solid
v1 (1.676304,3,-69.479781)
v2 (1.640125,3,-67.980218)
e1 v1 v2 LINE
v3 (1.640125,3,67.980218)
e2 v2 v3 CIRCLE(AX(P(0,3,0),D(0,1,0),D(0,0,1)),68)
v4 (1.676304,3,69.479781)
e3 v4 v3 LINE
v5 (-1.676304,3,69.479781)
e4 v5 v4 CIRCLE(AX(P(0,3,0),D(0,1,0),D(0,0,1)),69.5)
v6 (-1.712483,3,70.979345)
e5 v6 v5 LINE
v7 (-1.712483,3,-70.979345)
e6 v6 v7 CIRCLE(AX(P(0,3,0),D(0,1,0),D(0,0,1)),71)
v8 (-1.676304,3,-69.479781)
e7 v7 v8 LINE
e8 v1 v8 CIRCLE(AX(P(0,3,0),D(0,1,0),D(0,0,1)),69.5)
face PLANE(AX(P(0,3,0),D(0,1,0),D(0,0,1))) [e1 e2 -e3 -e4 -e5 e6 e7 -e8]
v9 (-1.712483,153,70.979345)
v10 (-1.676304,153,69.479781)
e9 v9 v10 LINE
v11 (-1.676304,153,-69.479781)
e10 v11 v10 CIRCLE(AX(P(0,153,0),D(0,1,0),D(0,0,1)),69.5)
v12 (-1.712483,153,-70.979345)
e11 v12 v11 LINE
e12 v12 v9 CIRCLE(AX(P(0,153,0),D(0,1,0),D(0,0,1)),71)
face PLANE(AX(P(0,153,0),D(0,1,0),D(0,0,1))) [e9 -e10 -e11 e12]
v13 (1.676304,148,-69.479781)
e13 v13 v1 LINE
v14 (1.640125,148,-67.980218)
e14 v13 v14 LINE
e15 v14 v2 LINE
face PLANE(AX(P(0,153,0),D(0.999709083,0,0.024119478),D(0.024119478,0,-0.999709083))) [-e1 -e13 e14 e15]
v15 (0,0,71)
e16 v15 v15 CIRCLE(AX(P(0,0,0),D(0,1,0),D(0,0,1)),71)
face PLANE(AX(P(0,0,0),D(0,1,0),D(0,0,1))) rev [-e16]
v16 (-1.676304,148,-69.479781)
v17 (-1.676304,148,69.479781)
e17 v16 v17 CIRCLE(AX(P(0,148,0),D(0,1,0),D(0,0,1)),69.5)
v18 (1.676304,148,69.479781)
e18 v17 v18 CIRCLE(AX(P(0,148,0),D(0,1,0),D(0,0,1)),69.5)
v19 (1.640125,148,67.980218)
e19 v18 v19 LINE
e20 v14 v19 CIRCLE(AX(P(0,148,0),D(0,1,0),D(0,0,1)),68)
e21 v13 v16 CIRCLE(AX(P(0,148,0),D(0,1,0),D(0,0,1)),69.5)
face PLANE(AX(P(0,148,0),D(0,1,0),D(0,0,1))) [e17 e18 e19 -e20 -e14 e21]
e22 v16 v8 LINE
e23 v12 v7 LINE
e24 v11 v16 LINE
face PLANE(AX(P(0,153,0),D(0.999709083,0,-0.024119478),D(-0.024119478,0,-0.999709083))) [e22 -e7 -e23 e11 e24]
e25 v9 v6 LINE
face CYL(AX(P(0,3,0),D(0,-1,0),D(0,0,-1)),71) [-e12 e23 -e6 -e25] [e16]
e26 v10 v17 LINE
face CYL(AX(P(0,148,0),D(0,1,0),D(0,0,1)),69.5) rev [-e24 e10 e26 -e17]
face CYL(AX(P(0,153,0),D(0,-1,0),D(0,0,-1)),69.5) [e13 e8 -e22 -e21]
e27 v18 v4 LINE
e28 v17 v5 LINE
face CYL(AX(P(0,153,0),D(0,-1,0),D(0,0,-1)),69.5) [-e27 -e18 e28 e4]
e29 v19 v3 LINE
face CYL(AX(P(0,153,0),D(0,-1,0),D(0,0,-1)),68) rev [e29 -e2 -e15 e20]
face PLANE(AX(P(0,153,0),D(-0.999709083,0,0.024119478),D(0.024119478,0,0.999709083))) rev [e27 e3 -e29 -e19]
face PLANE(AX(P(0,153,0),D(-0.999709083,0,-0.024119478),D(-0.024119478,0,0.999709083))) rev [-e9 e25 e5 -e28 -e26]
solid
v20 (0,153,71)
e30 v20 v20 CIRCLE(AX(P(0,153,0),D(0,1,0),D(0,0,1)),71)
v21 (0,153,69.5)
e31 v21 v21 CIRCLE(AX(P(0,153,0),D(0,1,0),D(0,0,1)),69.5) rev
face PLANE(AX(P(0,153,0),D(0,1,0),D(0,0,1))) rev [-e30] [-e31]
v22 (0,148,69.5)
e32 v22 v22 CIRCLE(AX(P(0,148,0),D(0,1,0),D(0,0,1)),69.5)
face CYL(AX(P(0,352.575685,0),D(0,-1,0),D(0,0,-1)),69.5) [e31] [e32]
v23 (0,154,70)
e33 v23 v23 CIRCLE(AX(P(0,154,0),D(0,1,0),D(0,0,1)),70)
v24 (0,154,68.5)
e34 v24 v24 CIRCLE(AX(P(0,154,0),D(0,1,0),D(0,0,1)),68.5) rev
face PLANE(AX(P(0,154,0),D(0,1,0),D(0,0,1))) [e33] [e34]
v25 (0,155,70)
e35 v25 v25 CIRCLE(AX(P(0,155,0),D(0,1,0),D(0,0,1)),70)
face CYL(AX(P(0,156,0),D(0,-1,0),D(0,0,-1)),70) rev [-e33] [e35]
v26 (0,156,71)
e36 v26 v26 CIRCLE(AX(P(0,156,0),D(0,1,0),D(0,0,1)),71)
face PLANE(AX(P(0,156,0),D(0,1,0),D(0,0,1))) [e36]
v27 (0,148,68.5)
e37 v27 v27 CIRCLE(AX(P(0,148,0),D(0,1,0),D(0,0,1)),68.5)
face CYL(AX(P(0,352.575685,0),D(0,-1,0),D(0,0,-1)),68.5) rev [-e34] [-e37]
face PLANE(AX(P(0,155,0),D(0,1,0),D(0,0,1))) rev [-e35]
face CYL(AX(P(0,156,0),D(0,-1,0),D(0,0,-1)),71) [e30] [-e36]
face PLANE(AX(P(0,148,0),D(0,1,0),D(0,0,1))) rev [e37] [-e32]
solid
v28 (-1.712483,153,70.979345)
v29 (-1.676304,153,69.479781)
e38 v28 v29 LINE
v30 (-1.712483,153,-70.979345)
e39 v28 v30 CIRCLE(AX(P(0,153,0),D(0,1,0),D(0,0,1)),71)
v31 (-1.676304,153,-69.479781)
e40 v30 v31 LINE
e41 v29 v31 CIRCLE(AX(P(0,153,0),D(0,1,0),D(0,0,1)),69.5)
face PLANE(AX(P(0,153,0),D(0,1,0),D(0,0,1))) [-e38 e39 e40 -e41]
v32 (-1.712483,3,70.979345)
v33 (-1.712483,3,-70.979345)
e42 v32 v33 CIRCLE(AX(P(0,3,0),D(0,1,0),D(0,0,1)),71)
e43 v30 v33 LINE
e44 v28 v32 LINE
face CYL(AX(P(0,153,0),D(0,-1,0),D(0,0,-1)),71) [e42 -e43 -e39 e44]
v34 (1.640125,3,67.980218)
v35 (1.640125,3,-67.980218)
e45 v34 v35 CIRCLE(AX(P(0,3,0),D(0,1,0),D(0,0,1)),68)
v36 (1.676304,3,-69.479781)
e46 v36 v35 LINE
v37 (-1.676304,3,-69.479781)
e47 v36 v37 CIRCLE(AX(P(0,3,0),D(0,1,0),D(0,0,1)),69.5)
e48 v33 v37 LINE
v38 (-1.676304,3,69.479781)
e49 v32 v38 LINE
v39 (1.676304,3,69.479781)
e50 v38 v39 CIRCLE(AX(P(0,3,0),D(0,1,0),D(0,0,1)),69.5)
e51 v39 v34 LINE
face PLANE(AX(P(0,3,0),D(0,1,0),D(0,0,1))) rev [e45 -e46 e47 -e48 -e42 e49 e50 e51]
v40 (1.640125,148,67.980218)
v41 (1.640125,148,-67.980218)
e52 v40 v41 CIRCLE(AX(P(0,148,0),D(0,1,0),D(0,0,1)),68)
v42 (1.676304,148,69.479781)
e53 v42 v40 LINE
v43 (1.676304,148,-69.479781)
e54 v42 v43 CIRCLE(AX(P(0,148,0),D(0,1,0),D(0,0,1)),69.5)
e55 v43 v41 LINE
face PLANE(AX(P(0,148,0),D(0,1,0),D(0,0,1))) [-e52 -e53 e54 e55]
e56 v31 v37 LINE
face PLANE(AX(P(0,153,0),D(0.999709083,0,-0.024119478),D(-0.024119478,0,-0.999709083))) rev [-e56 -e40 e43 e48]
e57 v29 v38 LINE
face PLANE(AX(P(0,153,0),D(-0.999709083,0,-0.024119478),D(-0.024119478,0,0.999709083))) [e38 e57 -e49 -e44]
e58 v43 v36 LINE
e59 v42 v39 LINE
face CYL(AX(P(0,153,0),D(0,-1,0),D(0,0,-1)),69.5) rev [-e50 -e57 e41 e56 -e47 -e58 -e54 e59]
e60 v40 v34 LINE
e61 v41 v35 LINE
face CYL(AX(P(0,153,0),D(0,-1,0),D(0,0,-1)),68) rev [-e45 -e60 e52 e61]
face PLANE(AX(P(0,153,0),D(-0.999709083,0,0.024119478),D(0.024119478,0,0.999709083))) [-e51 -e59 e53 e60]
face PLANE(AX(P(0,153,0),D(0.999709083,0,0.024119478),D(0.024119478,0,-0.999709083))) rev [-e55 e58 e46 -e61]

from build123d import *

# Parameters (mm, degrees)
SKETCH_474_R        = 68
EXTRUDE_7_DEPTH     = 3
EXTRUDE_START       = 3
EXTRUDE_8_DEPTH     = 150
EXTRUDE_9_DEPTH     = 150
CUT_EXTRUDE_START   = -5
SKETCH_7_R          = 69.5
CUT_EXTRUDE_2_DEPTH = 5
SKETCH_8_R          = 71
SKETCH_8_R_2        = 69.5
EXTRUDE_11_DEPTH    = 3
EXTRUDE_START_2     = -5
EXTRUDE_14_DEPTH    = 8
SHELL_4_T           = -1


with BuildPart() as part:
    # Sketch 474 → 填料-伸長7 (new body)
    with BuildSketch(Plane(origin=(0, 0, 0), x_dir=(1, 0, 0), z_dir=(0, 1, 0))):
        Circle(SKETCH_474_R)
        with BuildLine():
            ThreePointArc((1.676303744, 69.479781273), (0, 69.5), (-1.676303744, 69.479781273))
            Line((-1.676303744, 69.479781273), (-1.712482962, 70.979344898))
            ThreePointArc((-1.712482962, 70.979344898), (-71, 0), (-1.712482962, -70.979344898))
            Line((-1.712482962, -70.979344898), (-1.676303744, -69.479781273))
            ThreePointArc((-1.676303744, -69.479781273), (0, -69.5), (1.676303744, -69.479781273))
            Line((1.676303744, -69.479781273), (1.640124527, -67.980217648))
            ThreePointArc((1.640124527, -67.980217648), (-68, 0), (1.640124527, 67.980217648))
            Line((1.640124527, 67.980217648), (1.676303744, 69.479781273))
        make_face()
        with BuildLine():
            Line((-1.712482962, 70.979344898), (-1.676303744, 69.479781273))
            ThreePointArc((-1.676303744, 69.479781273), (0, 69.5), (1.676303744, 69.479781273))
            Line((1.676303744, 69.479781273), (1.640124527, 67.980217648))
            ThreePointArc((1.640124527, 67.980217648), (48.6596777, 47.499850169), (68, 0))
            ThreePointArc((68, 0), (48.6596777, -47.499850169), (1.640124527, -67.980217648))
            Line((1.640124527, -67.980217648), (1.676303744, -69.479781273))
            ThreePointArc((1.676303744, -69.479781273), (0, -69.5), (-1.676303744, -69.479781273))
            Line((-1.676303744, -69.479781273), (-1.712482962, -70.979344898))
            ThreePointArc((-1.712482962, -70.979344898), (49.595431794, -50.806428187), (71, 0))
            ThreePointArc((71, 0), (49.595431794, 50.806428187), (-1.712482962, 70.979344898))
        make_face()
    extrude(amount=EXTRUDE_7_DEPTH)

    # 底座<9> → 填料-伸長8 (add)
    with BuildSketch(Plane(origin=(0, 0, 0), x_dir=(1, 0, 0), z_dir=(0, 1, 0)).offset(EXTRUDE_START)):
        with BuildLine():
            ThreePointArc((1.676303744, 69.479781273), (0, 69.5), (-1.676303744, 69.479781273))
            Line((-1.676303744, 69.479781273), (-1.712482962, 70.979344898))
            ThreePointArc((-1.712482962, 70.979344898), (-71, 0), (-1.712482962, -70.979344898))
            Line((-1.712482962, -70.979344898), (-1.676303744, -69.479781273))
            ThreePointArc((-1.676303744, -69.479781273), (0, -69.5), (1.676303744, -69.479781273))
            Line((1.676303744, -69.479781273), (1.640124527, -67.980217648))
            ThreePointArc((1.640124527, -67.980217648), (-68, 0), (1.640124527, 67.980217648))
            Line((1.640124527, 67.980217648), (1.676303744, 69.479781273))
        make_face()
    extrude(amount=EXTRUDE_8_DEPTH)


with BuildPart() as body_2:
    # 底座<10> → 填料-伸長9 (new body)
    with BuildSketch(Plane(origin=(0, 0, 0), x_dir=(1, 0, 0), z_dir=(0, 1, 0)).offset(EXTRUDE_START)):
        with BuildLine():
            Line((-1.712482962, 70.979344898), (-1.676303744, 69.479781273))
            ThreePointArc((-1.676303744, 69.479781273), (0, 69.5), (1.676303744, 69.479781273))
            Line((1.676303744, 69.479781273), (1.640124527, 67.980217648))
            ThreePointArc((1.640124527, 67.980217648), (48.6596777, 47.499850169), (68, 0))
            ThreePointArc((68, 0), (48.6596777, -47.499850169), (1.640124527, -67.980217648))
            Line((1.640124527, -67.980217648), (1.676303744, -69.479781273))
            ThreePointArc((1.676303744, -69.479781273), (0, -69.5), (-1.676303744, -69.479781273))
            Line((-1.676303744, -69.479781273), (-1.712482962, -70.979344898))
            ThreePointArc((-1.712482962, -70.979344898), (49.595431794, -50.806428187), (71, 0))
            ThreePointArc((71, 0), (49.595431794, 50.806428187), (-1.712482962, 70.979344898))
        make_face()
    extrude(amount=EXTRUDE_9_DEPTH)


with BuildPart() as cut_extrude_2_tool:
    # 草圖7 → 除料-伸長2 (new body)
    with BuildSketch(Plane(origin=(0, 153, 0), x_dir=(1, 0, 0), z_dir=(0, 1, 0)).offset(CUT_EXTRUDE_START)):
        Circle(SKETCH_7_R)
    extrude(amount=CUT_EXTRUDE_2_DEPTH)


with BuildPart() as part_1:
    add(part.part)

    # 除料-伸長2: cut by cut_extrude_2_tool
    add(cut_extrude_2_tool.part, mode=Mode.SUBTRACT)


with BuildPart() as body_2_1:
    add(body_2.part)

    # 除料-伸長2: cut by cut_extrude_2_tool
    add(cut_extrude_2_tool.part, mode=Mode.SUBTRACT)


with BuildPart() as body_3:
    # 草圖8 → 填料-伸長11 (new body)
    with BuildSketch(Plane(origin=(0, 153, 0), x_dir=(1, 0, 0), z_dir=(0, 1, 0))):
        with Locations(Location((0, 0, 0), (0, 0, 270))):
            Circle(SKETCH_8_R)
        with Locations(Location((0, 0, 0), (0, 0, 270))):
            Circle(SKETCH_8_R_2, mode=Mode.SUBTRACT)
    extrude(amount=EXTRUDE_11_DEPTH)

    # 草圖8<7> → 填料-伸長14 (add)
    with BuildSketch(Plane(origin=(0, 153, 0), x_dir=(1, 0, 0), z_dir=(0, 1, 0)).offset(EXTRUDE_START_2)):
        with BuildLine():
            ThreePointArc((-1.676303744, -69.479781273), (48.547640982, -49.733052944), (69.5, 0))
            ThreePointArc((69.5, 0), (48.547640982, 49.733052944), (-1.676303744, 69.479781273))
            ThreePointArc((-1.676303744, 69.479781273), (-69.5, 0), (-1.676303744, -69.479781273))
        make_face()
    extrude(amount=EXTRUDE_14_DEPTH)

    # 薄殼4
    shell_4_openings = [body_3.faces().sort_by_distance(p)[0] for p in [
        (0, 148, 0),
    ]]
    offset(amount=SHELL_4_T, openings=shell_4_openings, kind=Kind.INTERSECTION)


solid = Compound([part_1.part, body_2_1.part, body_3.part])
